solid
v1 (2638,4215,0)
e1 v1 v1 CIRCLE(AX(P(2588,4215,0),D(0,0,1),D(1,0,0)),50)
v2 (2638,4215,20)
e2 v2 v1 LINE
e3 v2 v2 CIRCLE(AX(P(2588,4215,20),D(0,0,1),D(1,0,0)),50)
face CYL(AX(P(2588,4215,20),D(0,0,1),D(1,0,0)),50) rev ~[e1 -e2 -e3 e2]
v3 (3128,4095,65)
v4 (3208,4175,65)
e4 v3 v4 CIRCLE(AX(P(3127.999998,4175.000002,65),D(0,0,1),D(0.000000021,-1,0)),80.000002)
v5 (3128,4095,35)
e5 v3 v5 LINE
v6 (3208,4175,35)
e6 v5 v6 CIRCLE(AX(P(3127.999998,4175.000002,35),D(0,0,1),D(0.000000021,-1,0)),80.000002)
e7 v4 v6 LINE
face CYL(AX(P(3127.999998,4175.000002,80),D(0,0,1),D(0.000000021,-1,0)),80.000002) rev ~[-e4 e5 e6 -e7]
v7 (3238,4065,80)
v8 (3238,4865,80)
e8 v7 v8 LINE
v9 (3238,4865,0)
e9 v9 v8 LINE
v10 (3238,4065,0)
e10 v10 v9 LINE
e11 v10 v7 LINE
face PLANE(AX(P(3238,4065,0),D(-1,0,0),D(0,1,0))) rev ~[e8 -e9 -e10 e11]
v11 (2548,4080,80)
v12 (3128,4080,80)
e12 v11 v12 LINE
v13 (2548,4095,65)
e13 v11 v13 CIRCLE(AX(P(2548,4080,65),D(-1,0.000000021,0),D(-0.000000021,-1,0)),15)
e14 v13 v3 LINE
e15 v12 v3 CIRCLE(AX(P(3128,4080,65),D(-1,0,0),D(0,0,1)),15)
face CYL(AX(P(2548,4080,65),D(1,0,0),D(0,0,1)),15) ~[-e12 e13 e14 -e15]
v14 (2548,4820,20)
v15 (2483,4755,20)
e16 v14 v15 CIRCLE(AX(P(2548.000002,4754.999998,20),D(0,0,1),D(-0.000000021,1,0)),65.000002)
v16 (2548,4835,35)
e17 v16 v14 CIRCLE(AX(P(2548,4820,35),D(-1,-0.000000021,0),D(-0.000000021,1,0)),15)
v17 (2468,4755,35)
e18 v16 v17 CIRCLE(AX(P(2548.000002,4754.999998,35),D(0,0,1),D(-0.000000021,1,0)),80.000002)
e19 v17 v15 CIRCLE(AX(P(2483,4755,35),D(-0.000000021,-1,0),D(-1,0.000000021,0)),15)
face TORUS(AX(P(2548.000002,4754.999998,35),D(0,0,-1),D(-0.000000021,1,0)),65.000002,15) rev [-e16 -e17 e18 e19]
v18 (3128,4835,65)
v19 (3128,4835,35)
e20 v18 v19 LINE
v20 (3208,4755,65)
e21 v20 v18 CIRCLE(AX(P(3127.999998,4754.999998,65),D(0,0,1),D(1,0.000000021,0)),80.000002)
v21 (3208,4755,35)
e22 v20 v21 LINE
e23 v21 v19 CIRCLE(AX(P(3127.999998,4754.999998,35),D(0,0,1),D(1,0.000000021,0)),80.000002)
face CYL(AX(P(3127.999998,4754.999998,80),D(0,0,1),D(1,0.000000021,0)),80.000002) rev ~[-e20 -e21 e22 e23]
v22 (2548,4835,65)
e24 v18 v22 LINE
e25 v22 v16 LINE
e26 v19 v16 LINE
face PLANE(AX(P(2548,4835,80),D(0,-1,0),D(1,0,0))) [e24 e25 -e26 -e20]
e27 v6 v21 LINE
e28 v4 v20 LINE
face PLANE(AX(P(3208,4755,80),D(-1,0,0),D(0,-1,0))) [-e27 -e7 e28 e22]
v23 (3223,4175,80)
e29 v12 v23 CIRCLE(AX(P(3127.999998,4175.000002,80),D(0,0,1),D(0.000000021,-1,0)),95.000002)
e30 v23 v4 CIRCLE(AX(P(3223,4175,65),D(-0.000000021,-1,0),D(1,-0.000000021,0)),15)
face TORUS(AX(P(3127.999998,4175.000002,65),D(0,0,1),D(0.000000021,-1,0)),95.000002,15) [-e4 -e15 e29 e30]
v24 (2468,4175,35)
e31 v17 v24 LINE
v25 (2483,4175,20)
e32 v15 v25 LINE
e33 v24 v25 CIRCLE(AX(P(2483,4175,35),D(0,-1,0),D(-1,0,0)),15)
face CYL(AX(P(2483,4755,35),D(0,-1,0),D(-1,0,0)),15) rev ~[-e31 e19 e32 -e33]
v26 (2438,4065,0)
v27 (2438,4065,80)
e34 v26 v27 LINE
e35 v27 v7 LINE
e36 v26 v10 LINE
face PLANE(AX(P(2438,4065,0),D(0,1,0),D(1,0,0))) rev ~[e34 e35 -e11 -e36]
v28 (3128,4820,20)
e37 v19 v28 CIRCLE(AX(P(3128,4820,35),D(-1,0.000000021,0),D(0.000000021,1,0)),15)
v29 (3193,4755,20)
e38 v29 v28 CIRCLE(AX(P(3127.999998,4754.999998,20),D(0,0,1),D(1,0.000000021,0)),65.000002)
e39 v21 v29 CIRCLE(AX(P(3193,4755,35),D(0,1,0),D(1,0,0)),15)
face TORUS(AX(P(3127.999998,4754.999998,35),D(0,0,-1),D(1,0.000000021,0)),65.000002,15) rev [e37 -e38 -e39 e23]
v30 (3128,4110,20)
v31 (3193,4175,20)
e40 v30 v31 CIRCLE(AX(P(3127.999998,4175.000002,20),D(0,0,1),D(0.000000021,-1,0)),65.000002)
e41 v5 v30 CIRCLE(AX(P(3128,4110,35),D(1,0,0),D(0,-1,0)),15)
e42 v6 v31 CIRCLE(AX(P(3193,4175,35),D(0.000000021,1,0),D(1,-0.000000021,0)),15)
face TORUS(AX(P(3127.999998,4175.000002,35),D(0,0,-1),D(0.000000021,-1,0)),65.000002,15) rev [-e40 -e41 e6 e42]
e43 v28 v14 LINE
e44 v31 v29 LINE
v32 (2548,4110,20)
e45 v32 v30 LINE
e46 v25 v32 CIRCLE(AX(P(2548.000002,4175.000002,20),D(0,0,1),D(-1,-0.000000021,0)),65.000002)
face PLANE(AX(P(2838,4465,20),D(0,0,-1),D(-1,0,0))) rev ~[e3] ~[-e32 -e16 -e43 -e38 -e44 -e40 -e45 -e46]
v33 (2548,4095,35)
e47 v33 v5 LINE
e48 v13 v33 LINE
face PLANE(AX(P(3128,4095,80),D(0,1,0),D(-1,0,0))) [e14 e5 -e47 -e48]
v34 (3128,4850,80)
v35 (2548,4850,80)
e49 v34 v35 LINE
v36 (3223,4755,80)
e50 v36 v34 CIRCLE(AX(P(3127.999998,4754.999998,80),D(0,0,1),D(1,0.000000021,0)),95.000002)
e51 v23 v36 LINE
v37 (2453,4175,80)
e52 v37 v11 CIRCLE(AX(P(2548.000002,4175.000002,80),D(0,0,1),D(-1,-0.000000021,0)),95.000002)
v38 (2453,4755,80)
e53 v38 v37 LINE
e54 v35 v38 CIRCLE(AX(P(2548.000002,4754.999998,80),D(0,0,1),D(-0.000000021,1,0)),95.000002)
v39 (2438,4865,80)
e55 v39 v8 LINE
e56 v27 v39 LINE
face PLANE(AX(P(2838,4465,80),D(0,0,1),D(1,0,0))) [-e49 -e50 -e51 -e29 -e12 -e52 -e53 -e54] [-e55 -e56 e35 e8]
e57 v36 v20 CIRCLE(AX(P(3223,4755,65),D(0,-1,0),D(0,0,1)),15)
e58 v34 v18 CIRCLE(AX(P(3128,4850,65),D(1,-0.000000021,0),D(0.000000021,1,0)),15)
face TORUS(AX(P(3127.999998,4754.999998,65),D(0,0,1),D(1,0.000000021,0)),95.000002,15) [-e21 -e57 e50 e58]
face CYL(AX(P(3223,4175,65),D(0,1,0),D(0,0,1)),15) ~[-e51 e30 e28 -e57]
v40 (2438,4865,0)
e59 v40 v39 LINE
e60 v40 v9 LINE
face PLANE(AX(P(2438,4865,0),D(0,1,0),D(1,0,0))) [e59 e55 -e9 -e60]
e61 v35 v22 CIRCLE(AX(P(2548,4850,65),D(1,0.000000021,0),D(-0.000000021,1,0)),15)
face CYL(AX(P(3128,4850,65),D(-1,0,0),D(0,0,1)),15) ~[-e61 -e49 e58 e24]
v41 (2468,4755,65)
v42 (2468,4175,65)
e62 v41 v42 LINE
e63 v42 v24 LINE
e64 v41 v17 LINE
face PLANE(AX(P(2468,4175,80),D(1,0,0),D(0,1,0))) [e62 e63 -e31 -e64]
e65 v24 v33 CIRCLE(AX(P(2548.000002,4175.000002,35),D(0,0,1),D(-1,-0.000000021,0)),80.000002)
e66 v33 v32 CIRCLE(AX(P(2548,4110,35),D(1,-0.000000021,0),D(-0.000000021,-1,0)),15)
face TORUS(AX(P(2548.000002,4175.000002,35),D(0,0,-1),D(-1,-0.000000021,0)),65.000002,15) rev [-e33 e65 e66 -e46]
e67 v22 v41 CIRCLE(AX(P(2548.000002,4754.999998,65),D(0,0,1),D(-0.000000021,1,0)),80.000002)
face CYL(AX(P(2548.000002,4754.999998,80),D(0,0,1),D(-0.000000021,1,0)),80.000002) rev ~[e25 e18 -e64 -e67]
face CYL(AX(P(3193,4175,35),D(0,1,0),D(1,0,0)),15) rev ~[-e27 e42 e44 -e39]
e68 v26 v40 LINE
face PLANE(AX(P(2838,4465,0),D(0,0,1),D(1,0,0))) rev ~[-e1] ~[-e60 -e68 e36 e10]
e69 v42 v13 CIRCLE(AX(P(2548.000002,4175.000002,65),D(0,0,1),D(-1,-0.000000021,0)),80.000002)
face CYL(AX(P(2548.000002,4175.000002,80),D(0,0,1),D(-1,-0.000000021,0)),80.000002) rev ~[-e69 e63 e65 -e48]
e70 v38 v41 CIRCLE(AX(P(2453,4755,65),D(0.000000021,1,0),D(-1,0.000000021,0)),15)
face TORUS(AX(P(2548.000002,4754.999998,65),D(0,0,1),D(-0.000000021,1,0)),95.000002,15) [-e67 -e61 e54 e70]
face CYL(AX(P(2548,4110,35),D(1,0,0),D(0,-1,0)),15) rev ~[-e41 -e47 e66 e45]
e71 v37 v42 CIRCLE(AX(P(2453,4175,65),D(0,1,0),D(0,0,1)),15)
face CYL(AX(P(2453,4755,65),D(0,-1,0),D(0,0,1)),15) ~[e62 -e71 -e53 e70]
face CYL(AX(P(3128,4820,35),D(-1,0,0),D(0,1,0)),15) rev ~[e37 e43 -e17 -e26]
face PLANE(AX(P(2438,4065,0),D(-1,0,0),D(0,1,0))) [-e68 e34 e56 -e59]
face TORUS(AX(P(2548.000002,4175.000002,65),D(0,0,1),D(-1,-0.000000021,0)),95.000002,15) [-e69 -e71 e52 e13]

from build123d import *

# Parameters (mm, degrees)
SKETCH196_W     = 800
SKETCH196_H     = 800
PAD016_DEPTH    = 80
POCKET_DEPTH    = 60
SKETCH198_R     = 50
POCKET001_DEPTH = 20
FILLET016_R     = 15
FILLET017_R     = 15


with BuildPart() as part:
    # Sketch196 → Pad016 (new body)
    with BuildSketch(Plane.XY):
        with Locations((400, 400)):
            Rectangle(SKETCH196_W, SKETCH196_H)
    extrude(amount=PAD016_DEPTH)

    # Sketch197 (on Face6 of Pad016) → Pocket (cut)
    with BuildSketch(Plane.XY.offset(80)):
        with BuildLine():
            Line((30, 110), (30, 690))
            ThreePointArc((110, 770), (53.431458, 746.568542), (30, 690))
            Line((110, 770), (690, 770))
            ThreePointArc((770, 690), (746.568542, 746.568542), (690, 770))
            Line((770, 690), (770, 110))
            ThreePointArc((690, 30), (746.568542, 53.431458), (770, 110))
            Line((690, 30), (110, 30))
            ThreePointArc((30, 110), (53.431458, 53.431458), (110, 30))
        make_face()
    extrude(amount=-POCKET_DEPTH, mode=Mode.SUBTRACT)

    # Sketch198 (on Face15 of Pocket) → Pocket001 (cut)
    with BuildSketch(Plane.XY.offset(20)):
        with Locations((150, 150)):
            Circle(SKETCH198_R)
    extrude(amount=-POCKET001_DEPTH, mode=Mode.SUBTRACT)

    # Fillet016
    fillet016_edges = [part.edges().sort_by_distance(p)[0] for p in [
        (53.431458, 746.568542, 20),
        (30, 400, 20),
        (53.431458, 53.431458, 20),
        (400, 30, 20),
        (746.568542, 53.431458, 20),
        (770, 400, 20),
        (746.568542, 746.568542, 20),
        (400, 770, 20),
    ]]
    fillet(fillet016_edges, radius=FILLET016_R)

    # Fillet017
    fillet017_edges = [part.edges().sort_by_distance(p)[0] for p in [
        (53.431458, 746.568542, 80),
        (30, 400, 80),
        (53.431458, 53.431458, 80),
        (746.568542, 53.431458, 80),
        (770, 400, 80),
        (746.568542, 746.568542, 80),
        (400, 770, 80),
    ]]
    fillet(fillet017_edges, radius=FILLET017_R)


with BuildPart() as part_1:
    # Body011 placement: moved
    add(part.part.moved(Location((2438, 4065, 0))))


solid = part_1.part
